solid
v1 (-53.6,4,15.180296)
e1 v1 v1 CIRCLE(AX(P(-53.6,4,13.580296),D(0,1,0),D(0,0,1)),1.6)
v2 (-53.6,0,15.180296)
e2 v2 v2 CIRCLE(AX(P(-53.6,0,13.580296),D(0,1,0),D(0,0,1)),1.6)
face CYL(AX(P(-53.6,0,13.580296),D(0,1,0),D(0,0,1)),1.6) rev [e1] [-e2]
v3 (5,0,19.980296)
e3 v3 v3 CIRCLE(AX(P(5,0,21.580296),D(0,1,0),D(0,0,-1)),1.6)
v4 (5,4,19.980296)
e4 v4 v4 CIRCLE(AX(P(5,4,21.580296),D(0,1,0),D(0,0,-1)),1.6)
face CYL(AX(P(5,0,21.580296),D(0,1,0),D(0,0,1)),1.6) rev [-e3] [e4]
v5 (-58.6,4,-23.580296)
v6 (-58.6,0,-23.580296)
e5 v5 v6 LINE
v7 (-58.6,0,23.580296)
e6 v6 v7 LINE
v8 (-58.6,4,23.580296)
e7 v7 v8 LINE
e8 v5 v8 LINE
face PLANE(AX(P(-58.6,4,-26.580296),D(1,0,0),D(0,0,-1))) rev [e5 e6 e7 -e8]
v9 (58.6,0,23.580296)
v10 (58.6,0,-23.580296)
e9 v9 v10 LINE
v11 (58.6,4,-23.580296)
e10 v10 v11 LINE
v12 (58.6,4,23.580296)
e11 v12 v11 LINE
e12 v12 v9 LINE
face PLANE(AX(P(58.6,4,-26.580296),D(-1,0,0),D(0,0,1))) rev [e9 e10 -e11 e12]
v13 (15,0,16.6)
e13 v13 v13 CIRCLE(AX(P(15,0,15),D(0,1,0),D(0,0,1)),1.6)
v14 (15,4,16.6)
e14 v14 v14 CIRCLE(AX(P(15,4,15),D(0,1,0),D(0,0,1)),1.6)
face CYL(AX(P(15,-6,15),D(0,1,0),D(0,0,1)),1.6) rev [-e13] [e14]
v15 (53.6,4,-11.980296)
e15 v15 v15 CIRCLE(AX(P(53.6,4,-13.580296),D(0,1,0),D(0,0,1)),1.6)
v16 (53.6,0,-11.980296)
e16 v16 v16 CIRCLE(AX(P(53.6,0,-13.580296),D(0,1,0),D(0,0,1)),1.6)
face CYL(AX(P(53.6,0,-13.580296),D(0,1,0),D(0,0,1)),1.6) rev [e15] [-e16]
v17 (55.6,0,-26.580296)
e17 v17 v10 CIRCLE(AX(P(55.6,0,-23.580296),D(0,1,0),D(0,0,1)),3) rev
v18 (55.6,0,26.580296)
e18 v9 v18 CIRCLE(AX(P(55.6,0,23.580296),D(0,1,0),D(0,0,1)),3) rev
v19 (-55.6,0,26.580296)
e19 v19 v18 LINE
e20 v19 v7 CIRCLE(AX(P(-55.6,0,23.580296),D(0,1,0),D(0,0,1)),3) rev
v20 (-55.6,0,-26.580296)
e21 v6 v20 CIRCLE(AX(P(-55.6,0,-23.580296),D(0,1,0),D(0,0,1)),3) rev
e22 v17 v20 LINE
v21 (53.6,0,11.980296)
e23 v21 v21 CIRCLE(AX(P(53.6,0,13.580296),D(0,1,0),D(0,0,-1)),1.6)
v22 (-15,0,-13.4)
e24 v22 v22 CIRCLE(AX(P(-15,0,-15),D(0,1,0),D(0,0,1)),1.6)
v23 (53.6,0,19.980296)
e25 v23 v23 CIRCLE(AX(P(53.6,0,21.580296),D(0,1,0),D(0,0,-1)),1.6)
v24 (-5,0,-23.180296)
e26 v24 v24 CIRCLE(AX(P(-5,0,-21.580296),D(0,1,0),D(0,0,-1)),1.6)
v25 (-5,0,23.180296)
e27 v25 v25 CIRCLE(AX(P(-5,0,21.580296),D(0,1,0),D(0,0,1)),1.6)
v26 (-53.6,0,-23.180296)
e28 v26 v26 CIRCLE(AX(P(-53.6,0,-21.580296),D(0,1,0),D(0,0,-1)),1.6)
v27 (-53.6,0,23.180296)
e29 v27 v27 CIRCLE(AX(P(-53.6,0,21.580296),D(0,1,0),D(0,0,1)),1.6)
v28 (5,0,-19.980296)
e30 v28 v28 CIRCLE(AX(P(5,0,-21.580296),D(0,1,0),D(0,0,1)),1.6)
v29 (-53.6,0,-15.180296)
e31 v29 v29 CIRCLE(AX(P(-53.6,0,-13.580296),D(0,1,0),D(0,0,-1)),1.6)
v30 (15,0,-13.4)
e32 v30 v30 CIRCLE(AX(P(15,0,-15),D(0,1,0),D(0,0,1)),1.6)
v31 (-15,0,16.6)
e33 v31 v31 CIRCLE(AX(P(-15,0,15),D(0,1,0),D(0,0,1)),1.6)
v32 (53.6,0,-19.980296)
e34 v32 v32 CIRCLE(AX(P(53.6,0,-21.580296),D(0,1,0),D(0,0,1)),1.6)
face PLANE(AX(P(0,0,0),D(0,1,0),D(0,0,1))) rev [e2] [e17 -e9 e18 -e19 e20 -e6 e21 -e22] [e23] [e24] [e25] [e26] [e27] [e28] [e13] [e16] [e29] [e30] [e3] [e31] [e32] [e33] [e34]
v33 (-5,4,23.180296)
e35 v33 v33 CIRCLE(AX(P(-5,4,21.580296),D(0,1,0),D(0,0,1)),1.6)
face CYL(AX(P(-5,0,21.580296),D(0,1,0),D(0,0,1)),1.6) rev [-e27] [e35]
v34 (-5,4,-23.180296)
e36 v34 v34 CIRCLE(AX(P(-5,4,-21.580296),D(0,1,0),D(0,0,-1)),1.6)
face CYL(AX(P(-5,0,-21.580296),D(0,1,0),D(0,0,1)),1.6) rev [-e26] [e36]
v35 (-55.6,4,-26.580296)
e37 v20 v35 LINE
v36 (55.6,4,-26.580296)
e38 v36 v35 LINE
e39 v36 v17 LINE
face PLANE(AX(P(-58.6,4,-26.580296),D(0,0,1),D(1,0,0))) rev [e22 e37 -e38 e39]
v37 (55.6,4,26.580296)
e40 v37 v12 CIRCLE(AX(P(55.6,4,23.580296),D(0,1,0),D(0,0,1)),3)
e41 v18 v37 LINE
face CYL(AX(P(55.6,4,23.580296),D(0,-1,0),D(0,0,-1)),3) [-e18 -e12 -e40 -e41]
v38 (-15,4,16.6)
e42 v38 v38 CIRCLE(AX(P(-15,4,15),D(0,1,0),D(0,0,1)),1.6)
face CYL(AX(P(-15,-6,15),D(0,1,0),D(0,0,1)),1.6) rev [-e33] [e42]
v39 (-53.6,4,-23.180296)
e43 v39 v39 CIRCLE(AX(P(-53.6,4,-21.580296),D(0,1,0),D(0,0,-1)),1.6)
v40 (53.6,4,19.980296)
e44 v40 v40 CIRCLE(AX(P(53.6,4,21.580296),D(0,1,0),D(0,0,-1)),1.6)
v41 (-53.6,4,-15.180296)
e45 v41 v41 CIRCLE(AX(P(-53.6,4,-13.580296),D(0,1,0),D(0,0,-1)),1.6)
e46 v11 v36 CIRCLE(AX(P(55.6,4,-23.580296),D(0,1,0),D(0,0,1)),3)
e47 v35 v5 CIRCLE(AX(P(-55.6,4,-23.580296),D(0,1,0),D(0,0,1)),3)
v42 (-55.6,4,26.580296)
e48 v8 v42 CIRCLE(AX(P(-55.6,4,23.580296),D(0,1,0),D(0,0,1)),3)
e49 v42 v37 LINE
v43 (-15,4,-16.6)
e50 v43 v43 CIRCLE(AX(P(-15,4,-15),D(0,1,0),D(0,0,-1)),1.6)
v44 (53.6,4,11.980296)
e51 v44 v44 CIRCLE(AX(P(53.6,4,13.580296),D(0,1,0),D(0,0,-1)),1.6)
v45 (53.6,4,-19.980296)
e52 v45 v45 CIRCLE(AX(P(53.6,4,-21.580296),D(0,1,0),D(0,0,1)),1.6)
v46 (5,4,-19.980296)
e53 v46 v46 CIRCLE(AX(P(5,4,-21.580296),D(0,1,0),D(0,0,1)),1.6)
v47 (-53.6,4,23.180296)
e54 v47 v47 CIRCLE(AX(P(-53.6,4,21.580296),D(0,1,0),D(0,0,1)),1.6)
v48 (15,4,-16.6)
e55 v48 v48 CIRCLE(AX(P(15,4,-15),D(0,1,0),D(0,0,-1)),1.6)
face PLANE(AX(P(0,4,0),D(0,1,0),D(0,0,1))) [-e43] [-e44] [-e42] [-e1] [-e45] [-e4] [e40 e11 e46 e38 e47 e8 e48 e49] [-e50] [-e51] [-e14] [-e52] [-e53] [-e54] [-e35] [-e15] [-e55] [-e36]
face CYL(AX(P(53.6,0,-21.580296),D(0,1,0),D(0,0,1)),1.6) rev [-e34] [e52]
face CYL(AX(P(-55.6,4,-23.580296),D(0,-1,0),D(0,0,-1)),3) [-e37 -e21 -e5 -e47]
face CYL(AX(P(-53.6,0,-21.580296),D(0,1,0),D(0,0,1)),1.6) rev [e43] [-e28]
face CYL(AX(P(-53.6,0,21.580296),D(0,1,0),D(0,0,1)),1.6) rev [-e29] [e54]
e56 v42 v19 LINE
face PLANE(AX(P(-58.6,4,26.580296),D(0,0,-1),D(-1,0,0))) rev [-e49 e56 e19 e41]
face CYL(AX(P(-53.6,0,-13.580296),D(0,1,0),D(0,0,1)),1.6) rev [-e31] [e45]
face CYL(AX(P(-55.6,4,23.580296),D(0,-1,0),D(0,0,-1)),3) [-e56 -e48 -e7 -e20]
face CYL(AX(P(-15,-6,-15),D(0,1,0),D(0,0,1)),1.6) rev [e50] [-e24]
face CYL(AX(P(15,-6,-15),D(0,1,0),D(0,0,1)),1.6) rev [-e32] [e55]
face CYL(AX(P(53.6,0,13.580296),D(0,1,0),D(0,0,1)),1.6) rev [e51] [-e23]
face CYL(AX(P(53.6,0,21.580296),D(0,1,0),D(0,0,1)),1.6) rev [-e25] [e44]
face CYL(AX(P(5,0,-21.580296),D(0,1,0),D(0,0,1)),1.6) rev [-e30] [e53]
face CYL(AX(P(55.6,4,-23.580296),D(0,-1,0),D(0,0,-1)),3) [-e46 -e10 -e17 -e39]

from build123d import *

# Parameters (mm, degrees)
SKETCH_1_W          = 117.2
SKETCH_1_H          = 53.16059175
EXTRUDE_1_DEPTH     = 4
SKETCH_3_R          = 1.6
CUT_EXTRUDE_1_DEPTH = 4
FILLET_1_R          = 3
SKETCH_4_R          = 1.6
CUT_EXTRUDE_2_DEPTH = 10


with BuildPart() as part:
    # 草图1 → 凸台-拉伸1 (new body)
    with BuildSketch(Plane(origin=(0, 0, 0), x_dir=(1, 0, 0), z_dir=(0, 1, 0))):
        Rectangle(SKETCH_1_W, SKETCH_1_H)
    extrude(amount=EXTRUDE_1_DEPTH)

    # 草图3 → 切除-拉伸1 (cut)
    with BuildSketch(Plane(origin=(0, 4, 0), x_dir=(1, 0, 0), z_dir=(0, 1, 0))):
        with Locations(Location((-53.6, -21.580295875, 0), (0, 0, 270))):
            Circle(SKETCH_3_R)
        with Locations(Location((-53.6, -13.580295875, 0), (0, 0, 270))):
            Circle(SKETCH_3_R)
        with Locations(Location((-5, -21.580295875, 0), (0, 0, 270))):
            Circle(SKETCH_3_R)
        with Locations(Location((5, -21.580295875, 0), (0, 0, 90))):
            Circle(SKETCH_3_R)
        with Locations(Location((53.6, -13.580295875, 0), (0, 0, 90))):
            Circle(SKETCH_3_R)
        with Locations(Location((53.6, -21.580295875, 0), (0, 0, 90))):
            Circle(SKETCH_3_R)
        with Locations(Location((-53.6, 13.580295875, 0), (0, 0, 90))):
            Circle(SKETCH_3_R)
        with Locations(Location((-53.6, 21.580295875, 0), (0, 0, 90))):
            Circle(SKETCH_3_R)
        with Locations(Location((-5, 21.580295875, 0), (0, 0, 90))):
            Circle(SKETCH_3_R)
        with Locations(Location((5, 21.580295875, 0), (0, 0, 270))):
            Circle(SKETCH_3_R)
        with Locations(Location((53.6, 21.580295875, 0), (0, 0, 270))):
            Circle(SKETCH_3_R)
        with Locations(Location((53.6, 13.580295875, 0), (0, 0, 270))):
            Circle(SKETCH_3_R)
    extrude(amount=-CUT_EXTRUDE_1_DEPTH, mode=Mode.SUBTRACT)

    # 圆角1
    fillet_1_edges = [part.edges().sort_by_distance(p)[0] for p in [
        (58.6, 2, 26.580295875),
        (-58.6, 2, 26.580295875),
        (-58.6, 2, -26.580295875),
        (58.6, 2, -26.580295875),
    ]]
    fillet(fillet_1_edges, radius=FILLET_1_R)

    # 草图4 → 切除-拉伸2 (cut)
    with BuildSketch(Plane(origin=(0, 4, 0), x_dir=(1, 0, 0), z_dir=(0, 1, 0))):
        with Locations(Location((-15, -15, 0), (0, 0, 270))):
            Circle(SKETCH_4_R)
        with Locations(Location((15, 15, 0), (0, 0, 270))):
            Circle(SKETCH_4_R)
        with Locations(Location((15, -15, 0), (0, 0, 270))):
            Circle(SKETCH_4_R)
        with Locations(Location((-15, 15, 0), (0, 0, 270))):
            Circle(SKETCH_4_R)
    extrude(amount=-CUT_EXTRUDE_2_DEPTH, mode=Mode.SUBTRACT)


solid = part.part
